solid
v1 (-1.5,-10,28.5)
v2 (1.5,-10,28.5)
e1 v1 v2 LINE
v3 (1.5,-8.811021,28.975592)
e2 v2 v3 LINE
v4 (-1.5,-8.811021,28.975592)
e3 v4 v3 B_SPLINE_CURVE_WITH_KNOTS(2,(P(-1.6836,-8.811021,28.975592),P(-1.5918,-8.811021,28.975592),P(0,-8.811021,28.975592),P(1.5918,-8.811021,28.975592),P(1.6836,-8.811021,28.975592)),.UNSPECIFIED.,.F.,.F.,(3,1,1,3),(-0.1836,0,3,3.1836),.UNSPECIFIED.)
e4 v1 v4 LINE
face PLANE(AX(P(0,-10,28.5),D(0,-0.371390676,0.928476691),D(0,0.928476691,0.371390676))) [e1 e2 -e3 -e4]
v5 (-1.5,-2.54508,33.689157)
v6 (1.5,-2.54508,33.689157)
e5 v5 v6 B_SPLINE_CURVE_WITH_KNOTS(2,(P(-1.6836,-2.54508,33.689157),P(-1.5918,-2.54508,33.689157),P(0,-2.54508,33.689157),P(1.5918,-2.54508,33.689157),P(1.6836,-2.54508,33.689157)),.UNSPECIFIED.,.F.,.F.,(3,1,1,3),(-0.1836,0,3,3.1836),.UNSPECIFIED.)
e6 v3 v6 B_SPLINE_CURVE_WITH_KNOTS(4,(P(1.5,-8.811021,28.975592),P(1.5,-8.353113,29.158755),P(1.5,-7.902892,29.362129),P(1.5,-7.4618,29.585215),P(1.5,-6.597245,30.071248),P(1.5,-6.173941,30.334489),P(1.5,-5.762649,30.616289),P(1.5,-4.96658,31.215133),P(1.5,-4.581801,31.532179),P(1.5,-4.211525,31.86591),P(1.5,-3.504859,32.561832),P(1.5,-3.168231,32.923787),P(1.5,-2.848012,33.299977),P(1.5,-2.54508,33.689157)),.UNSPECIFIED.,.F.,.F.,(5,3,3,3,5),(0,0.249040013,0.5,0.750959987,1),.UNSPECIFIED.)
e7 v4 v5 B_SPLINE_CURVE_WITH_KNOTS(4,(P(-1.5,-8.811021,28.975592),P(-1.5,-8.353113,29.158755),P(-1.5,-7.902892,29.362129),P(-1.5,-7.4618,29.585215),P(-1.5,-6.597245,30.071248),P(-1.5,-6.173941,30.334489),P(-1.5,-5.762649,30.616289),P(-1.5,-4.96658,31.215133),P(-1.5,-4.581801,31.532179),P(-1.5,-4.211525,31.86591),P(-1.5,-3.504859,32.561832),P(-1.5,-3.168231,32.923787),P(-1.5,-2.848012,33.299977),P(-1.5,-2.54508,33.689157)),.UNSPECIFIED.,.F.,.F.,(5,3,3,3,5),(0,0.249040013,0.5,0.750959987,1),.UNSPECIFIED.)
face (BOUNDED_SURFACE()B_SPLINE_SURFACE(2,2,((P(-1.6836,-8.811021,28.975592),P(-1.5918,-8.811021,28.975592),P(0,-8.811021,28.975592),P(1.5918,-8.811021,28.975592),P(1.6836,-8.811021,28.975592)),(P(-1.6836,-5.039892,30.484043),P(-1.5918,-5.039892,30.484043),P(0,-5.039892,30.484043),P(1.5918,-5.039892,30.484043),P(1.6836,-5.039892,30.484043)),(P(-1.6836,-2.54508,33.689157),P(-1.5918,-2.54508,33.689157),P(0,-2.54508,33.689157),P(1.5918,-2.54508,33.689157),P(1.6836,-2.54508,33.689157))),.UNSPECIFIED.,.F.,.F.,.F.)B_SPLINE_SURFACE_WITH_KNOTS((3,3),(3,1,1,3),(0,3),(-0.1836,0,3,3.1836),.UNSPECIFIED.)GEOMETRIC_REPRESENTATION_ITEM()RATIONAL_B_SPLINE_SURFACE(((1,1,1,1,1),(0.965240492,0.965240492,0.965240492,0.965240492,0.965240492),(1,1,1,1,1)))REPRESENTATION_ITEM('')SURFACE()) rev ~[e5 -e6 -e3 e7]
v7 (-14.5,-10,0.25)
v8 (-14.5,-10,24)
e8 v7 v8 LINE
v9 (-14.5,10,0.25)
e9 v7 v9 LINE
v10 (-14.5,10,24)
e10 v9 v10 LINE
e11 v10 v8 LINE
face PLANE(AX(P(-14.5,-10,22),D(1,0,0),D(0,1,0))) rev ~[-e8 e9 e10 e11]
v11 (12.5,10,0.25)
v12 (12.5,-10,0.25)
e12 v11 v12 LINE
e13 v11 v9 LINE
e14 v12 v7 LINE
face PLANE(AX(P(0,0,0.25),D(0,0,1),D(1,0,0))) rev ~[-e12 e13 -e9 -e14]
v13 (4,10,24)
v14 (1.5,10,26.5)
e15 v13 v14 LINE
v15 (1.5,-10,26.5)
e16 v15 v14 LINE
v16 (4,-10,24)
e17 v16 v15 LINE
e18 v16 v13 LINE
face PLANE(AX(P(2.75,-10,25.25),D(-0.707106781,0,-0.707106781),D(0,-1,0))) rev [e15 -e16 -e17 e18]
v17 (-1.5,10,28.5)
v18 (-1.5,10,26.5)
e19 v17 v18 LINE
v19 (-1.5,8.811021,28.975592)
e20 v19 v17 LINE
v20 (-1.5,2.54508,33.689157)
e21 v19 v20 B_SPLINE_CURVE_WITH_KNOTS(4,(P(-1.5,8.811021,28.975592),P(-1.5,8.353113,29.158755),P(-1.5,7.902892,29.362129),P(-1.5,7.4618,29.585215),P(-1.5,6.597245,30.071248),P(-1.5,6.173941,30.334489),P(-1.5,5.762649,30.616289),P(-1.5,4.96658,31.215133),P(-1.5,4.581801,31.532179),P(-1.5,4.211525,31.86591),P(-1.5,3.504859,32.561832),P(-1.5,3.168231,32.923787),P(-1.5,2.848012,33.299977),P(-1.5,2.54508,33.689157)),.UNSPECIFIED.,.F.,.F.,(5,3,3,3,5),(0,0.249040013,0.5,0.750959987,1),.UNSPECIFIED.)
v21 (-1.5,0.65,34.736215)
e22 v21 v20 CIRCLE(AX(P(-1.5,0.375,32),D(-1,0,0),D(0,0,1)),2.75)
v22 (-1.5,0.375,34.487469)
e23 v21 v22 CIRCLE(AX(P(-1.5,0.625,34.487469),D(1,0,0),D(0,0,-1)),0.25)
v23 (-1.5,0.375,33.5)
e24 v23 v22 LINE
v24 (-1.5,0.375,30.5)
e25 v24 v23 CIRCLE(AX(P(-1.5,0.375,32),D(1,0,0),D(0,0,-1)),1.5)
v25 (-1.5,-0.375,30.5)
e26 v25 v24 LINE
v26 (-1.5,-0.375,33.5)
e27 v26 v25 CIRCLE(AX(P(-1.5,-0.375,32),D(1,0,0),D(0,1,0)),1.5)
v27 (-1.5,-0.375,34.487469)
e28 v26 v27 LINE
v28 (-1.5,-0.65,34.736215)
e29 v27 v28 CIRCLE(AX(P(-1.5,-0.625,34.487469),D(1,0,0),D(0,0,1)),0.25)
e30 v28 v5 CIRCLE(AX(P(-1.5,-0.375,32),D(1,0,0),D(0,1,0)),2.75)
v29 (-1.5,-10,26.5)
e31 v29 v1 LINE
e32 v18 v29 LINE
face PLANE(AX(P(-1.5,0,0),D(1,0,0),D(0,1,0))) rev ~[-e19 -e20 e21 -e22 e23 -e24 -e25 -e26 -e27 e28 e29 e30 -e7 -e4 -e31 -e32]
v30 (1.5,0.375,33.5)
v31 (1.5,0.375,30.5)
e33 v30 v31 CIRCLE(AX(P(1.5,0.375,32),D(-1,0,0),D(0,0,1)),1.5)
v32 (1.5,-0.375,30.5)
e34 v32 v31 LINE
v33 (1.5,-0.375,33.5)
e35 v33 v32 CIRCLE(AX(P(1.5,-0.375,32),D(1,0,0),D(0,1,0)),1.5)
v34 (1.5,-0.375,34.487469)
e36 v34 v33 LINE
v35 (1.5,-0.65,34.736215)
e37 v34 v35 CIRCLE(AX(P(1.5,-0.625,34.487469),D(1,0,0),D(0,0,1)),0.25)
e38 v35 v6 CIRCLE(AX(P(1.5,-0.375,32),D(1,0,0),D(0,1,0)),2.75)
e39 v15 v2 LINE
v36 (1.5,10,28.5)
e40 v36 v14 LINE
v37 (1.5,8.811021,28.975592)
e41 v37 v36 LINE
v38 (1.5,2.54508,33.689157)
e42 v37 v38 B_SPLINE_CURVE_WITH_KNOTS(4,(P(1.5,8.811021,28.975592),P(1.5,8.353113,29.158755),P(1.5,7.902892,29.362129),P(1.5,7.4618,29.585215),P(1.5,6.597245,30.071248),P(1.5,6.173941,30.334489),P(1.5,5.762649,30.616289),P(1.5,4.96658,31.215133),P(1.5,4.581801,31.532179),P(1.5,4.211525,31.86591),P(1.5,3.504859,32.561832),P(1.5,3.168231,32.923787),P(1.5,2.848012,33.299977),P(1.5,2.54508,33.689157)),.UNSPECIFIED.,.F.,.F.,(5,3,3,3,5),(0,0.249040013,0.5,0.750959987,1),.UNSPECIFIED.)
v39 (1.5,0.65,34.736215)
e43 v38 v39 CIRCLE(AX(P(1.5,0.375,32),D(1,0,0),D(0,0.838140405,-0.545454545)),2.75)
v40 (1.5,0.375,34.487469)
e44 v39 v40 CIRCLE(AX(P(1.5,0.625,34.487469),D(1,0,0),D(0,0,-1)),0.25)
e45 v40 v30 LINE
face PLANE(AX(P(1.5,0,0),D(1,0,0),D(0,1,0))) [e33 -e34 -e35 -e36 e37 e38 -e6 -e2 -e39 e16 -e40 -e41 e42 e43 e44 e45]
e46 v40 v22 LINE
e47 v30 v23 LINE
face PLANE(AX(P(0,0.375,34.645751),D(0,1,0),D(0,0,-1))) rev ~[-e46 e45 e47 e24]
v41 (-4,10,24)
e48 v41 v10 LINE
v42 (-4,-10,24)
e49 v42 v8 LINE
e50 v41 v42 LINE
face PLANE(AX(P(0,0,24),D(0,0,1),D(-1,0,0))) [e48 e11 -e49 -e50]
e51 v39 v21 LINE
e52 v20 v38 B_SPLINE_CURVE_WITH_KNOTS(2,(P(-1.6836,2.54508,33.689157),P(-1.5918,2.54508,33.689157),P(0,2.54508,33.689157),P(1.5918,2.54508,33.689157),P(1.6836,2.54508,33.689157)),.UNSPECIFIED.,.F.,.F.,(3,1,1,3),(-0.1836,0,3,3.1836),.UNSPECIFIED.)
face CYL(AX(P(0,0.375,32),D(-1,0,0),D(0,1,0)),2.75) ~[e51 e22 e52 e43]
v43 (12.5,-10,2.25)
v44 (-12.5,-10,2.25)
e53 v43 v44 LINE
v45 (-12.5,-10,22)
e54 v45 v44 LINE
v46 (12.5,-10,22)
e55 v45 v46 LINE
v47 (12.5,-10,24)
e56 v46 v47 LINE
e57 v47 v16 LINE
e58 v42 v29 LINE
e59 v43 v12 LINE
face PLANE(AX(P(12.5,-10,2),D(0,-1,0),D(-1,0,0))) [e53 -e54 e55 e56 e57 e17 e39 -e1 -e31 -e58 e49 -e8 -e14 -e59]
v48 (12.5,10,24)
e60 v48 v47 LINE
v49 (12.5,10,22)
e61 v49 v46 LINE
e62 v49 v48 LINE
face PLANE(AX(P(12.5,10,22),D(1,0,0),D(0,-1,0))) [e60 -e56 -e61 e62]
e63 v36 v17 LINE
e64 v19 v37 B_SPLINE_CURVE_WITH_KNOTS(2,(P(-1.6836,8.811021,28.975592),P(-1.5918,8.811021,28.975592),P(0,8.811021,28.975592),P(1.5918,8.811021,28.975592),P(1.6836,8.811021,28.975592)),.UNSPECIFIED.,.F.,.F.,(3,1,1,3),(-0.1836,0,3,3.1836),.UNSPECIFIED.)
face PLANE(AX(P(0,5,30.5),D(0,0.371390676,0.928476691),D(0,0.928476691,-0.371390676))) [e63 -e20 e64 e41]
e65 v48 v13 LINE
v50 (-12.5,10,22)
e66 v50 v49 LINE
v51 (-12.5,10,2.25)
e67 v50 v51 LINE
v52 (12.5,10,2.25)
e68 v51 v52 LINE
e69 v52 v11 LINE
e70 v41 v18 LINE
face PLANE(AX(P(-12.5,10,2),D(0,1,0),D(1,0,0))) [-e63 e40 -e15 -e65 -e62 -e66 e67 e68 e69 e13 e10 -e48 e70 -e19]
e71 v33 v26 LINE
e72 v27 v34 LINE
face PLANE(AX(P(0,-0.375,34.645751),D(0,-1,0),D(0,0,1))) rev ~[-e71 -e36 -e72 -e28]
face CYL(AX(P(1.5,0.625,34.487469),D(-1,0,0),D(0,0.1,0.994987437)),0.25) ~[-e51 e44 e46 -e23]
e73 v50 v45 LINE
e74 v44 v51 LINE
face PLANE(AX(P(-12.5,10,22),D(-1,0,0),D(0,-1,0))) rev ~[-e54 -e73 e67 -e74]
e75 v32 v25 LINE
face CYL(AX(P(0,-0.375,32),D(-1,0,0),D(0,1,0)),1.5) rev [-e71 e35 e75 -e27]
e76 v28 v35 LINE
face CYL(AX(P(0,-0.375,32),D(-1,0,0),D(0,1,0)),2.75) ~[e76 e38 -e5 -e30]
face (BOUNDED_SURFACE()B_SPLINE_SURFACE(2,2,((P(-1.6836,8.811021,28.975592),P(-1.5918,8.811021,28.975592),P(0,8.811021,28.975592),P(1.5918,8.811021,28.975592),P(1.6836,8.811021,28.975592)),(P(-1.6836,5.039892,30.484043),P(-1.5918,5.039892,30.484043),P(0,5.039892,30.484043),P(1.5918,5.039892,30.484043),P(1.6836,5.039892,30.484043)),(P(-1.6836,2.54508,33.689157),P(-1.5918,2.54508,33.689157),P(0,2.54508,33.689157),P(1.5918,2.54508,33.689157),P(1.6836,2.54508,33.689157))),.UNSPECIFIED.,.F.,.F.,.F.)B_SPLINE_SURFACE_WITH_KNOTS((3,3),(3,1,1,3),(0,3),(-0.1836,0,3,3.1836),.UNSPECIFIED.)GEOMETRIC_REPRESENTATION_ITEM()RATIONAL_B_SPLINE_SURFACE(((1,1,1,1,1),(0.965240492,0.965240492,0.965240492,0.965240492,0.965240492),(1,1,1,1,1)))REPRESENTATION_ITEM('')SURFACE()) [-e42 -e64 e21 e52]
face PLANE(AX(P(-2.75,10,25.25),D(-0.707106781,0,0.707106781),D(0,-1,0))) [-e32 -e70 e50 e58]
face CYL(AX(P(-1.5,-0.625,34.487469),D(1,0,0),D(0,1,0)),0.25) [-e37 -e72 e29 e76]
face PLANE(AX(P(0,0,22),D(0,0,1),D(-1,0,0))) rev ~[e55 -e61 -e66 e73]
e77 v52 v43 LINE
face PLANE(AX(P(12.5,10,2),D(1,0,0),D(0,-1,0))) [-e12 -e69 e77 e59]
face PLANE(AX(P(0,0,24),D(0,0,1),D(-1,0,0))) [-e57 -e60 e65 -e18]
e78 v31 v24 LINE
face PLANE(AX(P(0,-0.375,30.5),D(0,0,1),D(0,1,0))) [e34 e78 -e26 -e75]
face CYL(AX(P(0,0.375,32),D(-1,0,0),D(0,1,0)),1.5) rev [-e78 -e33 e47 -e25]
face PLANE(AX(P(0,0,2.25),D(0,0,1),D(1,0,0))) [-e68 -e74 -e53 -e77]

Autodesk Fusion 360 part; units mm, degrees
sketch "Sketch1" plane through (0, 0, 0) normal (0, 0, 1) x (1, 0, 0)
  line L0 (-12.5, 10) -> (12.5, 10)
  line L1 (12.5, 10) -> (12.5, -10)
  line L2 (12.5, -10) -> (-12.5, -10)
  line L3 (-12.5, -10) -> (-12.5, 10)
  dimension "d1" = 25
  dimension "d2" = 12.5
  dimension "d3" = 20
  dimension "d4" = 10
extrude "Extrude1" add sketch "Sketch1" along normal blind 2
sketch "Sketch2" plane through (0, 0, 2) normal (0, 0, 1) x (-1, 0, 0)
  line L0 (12.5, 10) -> (-12.5, 10)
  line L1 (-12.5, 10) -> (-12.5, -10)
  line L2 (-12.5, -10) -> (12.5, -10)
  line L3 (12.5, -10) -> (12.5, 10)
  line L4 (12.5, 10) -> (14.5, 10)
  line L5 (14.5, 10) -> (14.5, -10)
  line L6 (14.5, -10) -> (12.5, -10)
  line L7 (12.5, -10) -> (12.5, 10)
  dimension "d7" = 2
extrude "Extrude2" add sketch "Sketch2" along normal blind -2 and the other way blind -20 contours L3 L4 L5 L6 L7
sketch "Sketch3" plane through (0, 0, 22) normal (0, 0, 1) x (-1, 0, 0)
  line L0 (12.5, -10) -> (14.5, -10)
  line L1 (14.5, -10) -> (14.5, 10)
  line L2 (14.5, 10) -> (12.5, 10)
  line L3 (12.5, 10) -> (12.5, -10)
  line L4 (14.5, -10) -> (-12.5, -10)
  line L5 (-12.5, -10) -> (-12.5, 10)
  line L6 (-12.5, 10) -> (14.5, 10)
  line L7 (14.5, 10) -> (14.5, -10)
  point P0 (-12.5, 10)
  dimension "d12" = 27
extrude "Extrude3" add sketch "Sketch3" along normal blind 2
ref_plane "WorkPlane1" through (0, 0, 23) normal (1, 0, 0) x (0, 1, 0)
sketch "Sketch8" plane through (0, 0, 0) normal (1, 0, 0) x (0, 1, 0)
  line L0 (-0.375, 37.553) -> (0.375, 37.553)
  line L1 (-9.7103, 24) -> (10, 24)
  circle A0 centre (-0.375, 32) radius 2.75
  circle A1 centre (0.375, 32) radius 2.75
  line L2 (0.375, 37.553) -> (0.375, 32)
  circle A2 centre (0.375, 32) radius 1.5
  line L3 (0.375, 32) -> (0.375, 24)
  circle A3 centre (-0.375, 32) radius 1.5
  line L4 (-0.375, 32) -> (-0.375, 24)
  line L5 (-0.375, 32) -> (-0.375, 37.553)
  line L6 (10, 24) -> (-10, 24)
  line L7 (-10, 24) -> (-10, 28.5)
  line L8 (-10, 28.5) -> (10, 28.5)
  line L9 (10, 28.5) -> (10, 24)
  line L10 (-5, 30.5) -> (5, 30.5)
  line L11 (-10, 28.5) -> (-5, 30.5)
  line L12 (5, 30.5) -> (10, 28.5)
  point P0 (-9.7103, 23.053)
  point P1 (0, 22)
  point P2 (10, 23.053)
  point P3 (10, 24)
  point P4 (-10, 24)
  dimension "d73" = 5.5
  dimension "d74" = 5.5
  dimension "d75" = 10
  dimension "d76" = 0.75
  dimension "d77" = 0.375
  dimension "d78" = 3
  dimension "d79" = 3
  dimension "d80" = 2
  dimension "d93" = 3.5
  dimension "d101" = 1.5
  dimension "d102" = 10
  dimension "d103" = 5
extrude "Extrude11" add 1 faces at (-4.1667, 3.3333, 2) along direction (0, 0, 1) blind 0.25
extrude "Extrude12" cut 1 faces at (-5.5, -3.3333, 0) along direction (0, 0, 1) blind 0.25
extrude "Extrude14" add sketch "Sketch8" along normal mid plane 3 contours A0 A1 L5 L10 | A0 A1 L2 L10 | A0 A1 L4 L10 | A0 L4 L8 L10 L11 | A1 A3 L5 L10 | A0 L2 A2 L10 | A0 A1 L4 | A0 A1 L3 L4 L8 | A1 L4 L10 | A1 L3 L8 L10 L12 | A0 A1 L3 L10 | A0 A1 L3 L4 L10 | A0 A1 L3 | L1 L3 L4 L6 L8 | L1 L4 L6 L7 L8 | A0 L3 L10 | L1 L3 L6 L8 L9
chamfer "Chamfer2" distance 2.5 angle 45 2 edges at (1.5, 0, 24) (-1.5, 0, 24)
fillet "Fillet16" radius 15 2 edges at (0, -2.6799, 30.5) (0, 2.6799, 30.5)
fillet "Fillet16" radius 0.25 2 edges at (0, 0.375, 34.75) (0, -0.375, 34.75)
fillet "Fillet16" radius 2 2 edges at (0, -5, 30.5) (0, 5, 30.5)
equation "d77 = ( 0.75 / 2 ) * 1 mm"
